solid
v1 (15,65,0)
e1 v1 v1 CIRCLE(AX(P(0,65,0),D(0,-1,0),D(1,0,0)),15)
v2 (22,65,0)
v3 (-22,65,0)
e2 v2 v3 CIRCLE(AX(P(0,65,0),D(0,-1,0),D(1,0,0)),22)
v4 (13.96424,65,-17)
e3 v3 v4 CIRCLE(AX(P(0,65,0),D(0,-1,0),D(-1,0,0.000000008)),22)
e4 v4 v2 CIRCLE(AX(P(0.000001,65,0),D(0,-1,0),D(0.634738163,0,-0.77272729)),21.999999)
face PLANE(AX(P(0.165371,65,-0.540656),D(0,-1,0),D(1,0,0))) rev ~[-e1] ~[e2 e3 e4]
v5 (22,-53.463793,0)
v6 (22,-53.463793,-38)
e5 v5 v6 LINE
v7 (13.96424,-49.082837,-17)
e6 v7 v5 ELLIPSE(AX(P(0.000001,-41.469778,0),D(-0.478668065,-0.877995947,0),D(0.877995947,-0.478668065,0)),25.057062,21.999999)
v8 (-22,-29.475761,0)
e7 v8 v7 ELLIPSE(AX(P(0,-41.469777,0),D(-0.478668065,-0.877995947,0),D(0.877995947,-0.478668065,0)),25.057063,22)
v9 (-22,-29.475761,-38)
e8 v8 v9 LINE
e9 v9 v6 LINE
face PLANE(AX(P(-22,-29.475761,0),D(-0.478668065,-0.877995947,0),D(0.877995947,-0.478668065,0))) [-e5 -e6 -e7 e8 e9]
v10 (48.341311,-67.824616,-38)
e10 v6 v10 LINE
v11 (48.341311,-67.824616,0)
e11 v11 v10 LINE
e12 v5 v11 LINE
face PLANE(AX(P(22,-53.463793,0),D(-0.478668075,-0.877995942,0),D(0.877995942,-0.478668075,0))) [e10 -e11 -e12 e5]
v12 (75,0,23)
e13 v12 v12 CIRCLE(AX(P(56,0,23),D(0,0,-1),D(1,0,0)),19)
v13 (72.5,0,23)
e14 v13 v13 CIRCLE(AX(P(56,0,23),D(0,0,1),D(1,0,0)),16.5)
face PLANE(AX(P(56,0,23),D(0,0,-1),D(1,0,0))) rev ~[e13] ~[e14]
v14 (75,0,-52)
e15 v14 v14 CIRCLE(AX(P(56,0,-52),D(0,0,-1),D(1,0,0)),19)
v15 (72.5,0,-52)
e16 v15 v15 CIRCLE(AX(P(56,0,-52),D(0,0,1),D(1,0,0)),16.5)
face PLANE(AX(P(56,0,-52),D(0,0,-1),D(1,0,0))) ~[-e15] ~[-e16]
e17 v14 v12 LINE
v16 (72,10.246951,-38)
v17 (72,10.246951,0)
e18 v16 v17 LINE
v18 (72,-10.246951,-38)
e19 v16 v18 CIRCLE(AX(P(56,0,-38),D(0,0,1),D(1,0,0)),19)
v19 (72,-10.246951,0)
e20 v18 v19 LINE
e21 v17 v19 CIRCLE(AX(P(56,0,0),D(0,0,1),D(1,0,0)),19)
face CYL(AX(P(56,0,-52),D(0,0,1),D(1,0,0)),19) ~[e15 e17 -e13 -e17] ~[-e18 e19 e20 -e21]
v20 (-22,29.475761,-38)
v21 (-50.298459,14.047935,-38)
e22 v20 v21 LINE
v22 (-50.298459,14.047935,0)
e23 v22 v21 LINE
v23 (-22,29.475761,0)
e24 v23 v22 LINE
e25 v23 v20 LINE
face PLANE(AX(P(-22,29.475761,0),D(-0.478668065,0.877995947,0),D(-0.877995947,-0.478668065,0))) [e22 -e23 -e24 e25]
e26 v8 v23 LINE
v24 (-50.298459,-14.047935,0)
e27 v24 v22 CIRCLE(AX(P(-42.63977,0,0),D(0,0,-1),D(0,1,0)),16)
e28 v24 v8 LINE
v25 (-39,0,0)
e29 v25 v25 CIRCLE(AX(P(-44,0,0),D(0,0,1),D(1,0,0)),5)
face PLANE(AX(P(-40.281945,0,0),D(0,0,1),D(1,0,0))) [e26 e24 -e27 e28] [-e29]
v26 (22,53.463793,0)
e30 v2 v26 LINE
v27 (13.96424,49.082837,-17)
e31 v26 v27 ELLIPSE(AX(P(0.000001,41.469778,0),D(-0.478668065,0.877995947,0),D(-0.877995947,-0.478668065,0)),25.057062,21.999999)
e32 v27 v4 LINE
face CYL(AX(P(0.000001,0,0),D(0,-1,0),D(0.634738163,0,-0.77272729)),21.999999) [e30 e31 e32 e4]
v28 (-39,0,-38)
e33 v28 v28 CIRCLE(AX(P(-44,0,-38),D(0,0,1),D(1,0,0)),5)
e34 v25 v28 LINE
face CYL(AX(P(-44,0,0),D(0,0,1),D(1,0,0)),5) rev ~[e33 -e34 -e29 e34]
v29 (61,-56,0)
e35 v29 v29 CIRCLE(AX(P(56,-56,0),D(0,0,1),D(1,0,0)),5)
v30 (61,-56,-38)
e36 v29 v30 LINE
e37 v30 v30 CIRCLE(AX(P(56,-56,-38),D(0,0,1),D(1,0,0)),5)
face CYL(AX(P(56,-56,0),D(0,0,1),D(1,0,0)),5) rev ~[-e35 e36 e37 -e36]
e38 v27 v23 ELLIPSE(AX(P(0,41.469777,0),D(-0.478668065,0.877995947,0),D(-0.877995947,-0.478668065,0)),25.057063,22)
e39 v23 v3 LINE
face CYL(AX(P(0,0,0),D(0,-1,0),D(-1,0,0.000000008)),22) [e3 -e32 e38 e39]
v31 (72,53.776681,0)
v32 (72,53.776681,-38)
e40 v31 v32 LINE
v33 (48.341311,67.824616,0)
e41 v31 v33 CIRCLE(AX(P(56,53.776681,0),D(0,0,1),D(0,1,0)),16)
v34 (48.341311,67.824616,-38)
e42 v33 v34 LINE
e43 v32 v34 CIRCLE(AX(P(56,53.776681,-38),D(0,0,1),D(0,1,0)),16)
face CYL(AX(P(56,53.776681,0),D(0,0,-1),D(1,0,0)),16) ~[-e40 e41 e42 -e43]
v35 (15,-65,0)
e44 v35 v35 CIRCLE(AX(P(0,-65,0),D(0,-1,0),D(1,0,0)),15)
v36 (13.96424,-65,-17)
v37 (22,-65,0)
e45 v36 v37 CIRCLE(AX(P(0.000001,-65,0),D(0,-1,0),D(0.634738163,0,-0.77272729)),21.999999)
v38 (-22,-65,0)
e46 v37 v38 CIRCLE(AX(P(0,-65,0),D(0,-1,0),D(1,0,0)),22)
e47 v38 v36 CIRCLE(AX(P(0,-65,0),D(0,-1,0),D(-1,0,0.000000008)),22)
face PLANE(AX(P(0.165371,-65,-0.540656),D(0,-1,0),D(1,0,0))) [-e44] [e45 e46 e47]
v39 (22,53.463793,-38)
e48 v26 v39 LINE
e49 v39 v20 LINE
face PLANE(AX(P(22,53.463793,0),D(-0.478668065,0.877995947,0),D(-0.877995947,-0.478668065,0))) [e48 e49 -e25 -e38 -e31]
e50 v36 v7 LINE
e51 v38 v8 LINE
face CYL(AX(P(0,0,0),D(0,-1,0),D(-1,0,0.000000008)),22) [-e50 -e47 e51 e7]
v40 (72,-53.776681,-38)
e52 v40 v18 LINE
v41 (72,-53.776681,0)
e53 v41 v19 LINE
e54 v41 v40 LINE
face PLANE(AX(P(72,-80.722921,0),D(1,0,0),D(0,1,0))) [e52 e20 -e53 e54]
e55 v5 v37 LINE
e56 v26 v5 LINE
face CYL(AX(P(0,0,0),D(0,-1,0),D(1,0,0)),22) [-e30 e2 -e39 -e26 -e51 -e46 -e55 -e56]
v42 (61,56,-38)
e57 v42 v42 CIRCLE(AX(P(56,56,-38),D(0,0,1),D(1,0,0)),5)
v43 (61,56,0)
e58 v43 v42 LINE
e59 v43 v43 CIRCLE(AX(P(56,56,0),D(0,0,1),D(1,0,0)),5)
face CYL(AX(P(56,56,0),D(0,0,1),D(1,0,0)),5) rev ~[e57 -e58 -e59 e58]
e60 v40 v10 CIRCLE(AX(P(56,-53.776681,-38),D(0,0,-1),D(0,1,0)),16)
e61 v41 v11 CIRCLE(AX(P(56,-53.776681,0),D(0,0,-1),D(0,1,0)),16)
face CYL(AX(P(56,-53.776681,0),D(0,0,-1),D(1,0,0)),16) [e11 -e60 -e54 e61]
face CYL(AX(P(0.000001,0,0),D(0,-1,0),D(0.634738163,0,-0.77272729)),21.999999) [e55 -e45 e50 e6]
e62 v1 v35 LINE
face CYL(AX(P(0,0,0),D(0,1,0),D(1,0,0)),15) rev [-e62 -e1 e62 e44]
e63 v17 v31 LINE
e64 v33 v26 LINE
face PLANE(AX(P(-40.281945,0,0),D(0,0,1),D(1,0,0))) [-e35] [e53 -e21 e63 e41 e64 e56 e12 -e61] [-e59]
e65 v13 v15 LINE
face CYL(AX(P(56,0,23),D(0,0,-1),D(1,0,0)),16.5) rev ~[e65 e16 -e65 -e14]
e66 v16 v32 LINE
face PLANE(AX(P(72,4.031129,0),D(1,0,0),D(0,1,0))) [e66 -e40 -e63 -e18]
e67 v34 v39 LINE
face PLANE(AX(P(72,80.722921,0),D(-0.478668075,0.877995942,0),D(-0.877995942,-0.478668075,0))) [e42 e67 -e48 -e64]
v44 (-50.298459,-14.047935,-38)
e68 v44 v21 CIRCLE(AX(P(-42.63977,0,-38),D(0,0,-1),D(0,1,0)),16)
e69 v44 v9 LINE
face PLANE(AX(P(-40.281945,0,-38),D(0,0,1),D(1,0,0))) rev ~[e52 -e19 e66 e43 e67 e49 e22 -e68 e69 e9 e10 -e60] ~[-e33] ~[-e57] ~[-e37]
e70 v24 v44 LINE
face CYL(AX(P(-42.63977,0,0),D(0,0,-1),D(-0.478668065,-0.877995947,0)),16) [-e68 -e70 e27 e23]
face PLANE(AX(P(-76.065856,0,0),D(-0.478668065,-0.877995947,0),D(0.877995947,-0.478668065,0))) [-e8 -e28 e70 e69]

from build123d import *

# Parameters (mm, degrees)
F1_R     = 5
F3_DEPTH = 38
F0_R     = 15
F4_DEPTH = 65
F5_DEPTH = 65
F6_DEPTH = 65
F7_R     = 16


with BuildPart() as f2:
    # F0 (on Front) → F2 (revolve)
    with BuildSketch(Plane.XZ):
        Polygon((75, 23), (72.5, 23), (72.5, -17), (72.5, -38), (72.5, -52), (75, -52), align=None)
    revolve(axis=Axis((56, 0, -14.5), (0, 0, -1)))

    # F1 (on Top) → F3 (join)
    with BuildSketch(Plane.XY):
        Polygon((-22, -29.475761), (-22, 29.475761), (-76.065856, 0), align=None)
        with Locations((-44, 0)):
            Circle(F1_R, mode=Mode.SUBTRACT)
        Polygon((22, -53.463793), (22, 53.463793), (-22, 29.475761), (-22, -29.475761), align=None)
        with BuildLine():
            ThreePointArc((72, -4.031129), (39.5, 0), (72, 4.031129))
            Line((72, 4.031129), (72, 80.722921))
            Line((72, 80.722921), (22, 53.463793))
            Line((22, 53.463793), (22, -53.463793))
            Line((22, -53.463793), (72, -80.722921))
            Line((72, -80.722921), (72, -4.031129))
        make_face()
        with Locations((56, -56)):
            Circle(F1_R, mode=Mode.SUBTRACT)
        with Locations((56, 56)):
            Circle(F1_R, mode=Mode.SUBTRACT)
    extrude(amount=-F3_DEPTH)

    # F0 (on Front) → F4 (cut, symmetric)
    with BuildSketch(Plane.XZ):
        Circle(F0_R)
    extrude(amount=F4_DEPTH, both=True, mode=Mode.SUBTRACT)

    # F0 (on Front) → F5 (join, symmetric)
    with BuildSketch(Plane.XZ):
        with BuildLine():
            ThreePointArc((13.96424, -17), (19.889863, -9.401774), (22, 0))
            ThreePointArc((22, 0), (0, 22), (-22, 0))
            ThreePointArc((-22, 0), (-9.401774, -19.889863), (13.96424, -17))
        make_face()
        Circle(F0_R, mode=Mode.SUBTRACT)
    extrude(amount=F5_DEPTH, both=True)

    # F1 (on Top) → F6 (cut, symmetric)
    with BuildSketch(Plane.XY):
        with BuildLine():
            ThreePointArc((72, -4.031129), (72.374523, -2.03101), (72.5, 0))
            ThreePointArc((72.5, 0), (72.374523, 2.03101), (72, 4.031129))
            Line((72, 4.031129), (72, 0))
            Line((72, 0), (72, -4.031129))
        make_face()
    extrude(amount=F6_DEPTH, both=True, mode=Mode.SUBTRACT)

    # F7
    f7_edges = [f2.edges().sort_by_distance(p)[0] for p in [
        (-76.065856, 0, -19),
        (72, -80.722921, -19),
        (72, 80.722921, -19),
    ]]
    fillet(f7_edges, radius=F7_R)


solid = f2.part
